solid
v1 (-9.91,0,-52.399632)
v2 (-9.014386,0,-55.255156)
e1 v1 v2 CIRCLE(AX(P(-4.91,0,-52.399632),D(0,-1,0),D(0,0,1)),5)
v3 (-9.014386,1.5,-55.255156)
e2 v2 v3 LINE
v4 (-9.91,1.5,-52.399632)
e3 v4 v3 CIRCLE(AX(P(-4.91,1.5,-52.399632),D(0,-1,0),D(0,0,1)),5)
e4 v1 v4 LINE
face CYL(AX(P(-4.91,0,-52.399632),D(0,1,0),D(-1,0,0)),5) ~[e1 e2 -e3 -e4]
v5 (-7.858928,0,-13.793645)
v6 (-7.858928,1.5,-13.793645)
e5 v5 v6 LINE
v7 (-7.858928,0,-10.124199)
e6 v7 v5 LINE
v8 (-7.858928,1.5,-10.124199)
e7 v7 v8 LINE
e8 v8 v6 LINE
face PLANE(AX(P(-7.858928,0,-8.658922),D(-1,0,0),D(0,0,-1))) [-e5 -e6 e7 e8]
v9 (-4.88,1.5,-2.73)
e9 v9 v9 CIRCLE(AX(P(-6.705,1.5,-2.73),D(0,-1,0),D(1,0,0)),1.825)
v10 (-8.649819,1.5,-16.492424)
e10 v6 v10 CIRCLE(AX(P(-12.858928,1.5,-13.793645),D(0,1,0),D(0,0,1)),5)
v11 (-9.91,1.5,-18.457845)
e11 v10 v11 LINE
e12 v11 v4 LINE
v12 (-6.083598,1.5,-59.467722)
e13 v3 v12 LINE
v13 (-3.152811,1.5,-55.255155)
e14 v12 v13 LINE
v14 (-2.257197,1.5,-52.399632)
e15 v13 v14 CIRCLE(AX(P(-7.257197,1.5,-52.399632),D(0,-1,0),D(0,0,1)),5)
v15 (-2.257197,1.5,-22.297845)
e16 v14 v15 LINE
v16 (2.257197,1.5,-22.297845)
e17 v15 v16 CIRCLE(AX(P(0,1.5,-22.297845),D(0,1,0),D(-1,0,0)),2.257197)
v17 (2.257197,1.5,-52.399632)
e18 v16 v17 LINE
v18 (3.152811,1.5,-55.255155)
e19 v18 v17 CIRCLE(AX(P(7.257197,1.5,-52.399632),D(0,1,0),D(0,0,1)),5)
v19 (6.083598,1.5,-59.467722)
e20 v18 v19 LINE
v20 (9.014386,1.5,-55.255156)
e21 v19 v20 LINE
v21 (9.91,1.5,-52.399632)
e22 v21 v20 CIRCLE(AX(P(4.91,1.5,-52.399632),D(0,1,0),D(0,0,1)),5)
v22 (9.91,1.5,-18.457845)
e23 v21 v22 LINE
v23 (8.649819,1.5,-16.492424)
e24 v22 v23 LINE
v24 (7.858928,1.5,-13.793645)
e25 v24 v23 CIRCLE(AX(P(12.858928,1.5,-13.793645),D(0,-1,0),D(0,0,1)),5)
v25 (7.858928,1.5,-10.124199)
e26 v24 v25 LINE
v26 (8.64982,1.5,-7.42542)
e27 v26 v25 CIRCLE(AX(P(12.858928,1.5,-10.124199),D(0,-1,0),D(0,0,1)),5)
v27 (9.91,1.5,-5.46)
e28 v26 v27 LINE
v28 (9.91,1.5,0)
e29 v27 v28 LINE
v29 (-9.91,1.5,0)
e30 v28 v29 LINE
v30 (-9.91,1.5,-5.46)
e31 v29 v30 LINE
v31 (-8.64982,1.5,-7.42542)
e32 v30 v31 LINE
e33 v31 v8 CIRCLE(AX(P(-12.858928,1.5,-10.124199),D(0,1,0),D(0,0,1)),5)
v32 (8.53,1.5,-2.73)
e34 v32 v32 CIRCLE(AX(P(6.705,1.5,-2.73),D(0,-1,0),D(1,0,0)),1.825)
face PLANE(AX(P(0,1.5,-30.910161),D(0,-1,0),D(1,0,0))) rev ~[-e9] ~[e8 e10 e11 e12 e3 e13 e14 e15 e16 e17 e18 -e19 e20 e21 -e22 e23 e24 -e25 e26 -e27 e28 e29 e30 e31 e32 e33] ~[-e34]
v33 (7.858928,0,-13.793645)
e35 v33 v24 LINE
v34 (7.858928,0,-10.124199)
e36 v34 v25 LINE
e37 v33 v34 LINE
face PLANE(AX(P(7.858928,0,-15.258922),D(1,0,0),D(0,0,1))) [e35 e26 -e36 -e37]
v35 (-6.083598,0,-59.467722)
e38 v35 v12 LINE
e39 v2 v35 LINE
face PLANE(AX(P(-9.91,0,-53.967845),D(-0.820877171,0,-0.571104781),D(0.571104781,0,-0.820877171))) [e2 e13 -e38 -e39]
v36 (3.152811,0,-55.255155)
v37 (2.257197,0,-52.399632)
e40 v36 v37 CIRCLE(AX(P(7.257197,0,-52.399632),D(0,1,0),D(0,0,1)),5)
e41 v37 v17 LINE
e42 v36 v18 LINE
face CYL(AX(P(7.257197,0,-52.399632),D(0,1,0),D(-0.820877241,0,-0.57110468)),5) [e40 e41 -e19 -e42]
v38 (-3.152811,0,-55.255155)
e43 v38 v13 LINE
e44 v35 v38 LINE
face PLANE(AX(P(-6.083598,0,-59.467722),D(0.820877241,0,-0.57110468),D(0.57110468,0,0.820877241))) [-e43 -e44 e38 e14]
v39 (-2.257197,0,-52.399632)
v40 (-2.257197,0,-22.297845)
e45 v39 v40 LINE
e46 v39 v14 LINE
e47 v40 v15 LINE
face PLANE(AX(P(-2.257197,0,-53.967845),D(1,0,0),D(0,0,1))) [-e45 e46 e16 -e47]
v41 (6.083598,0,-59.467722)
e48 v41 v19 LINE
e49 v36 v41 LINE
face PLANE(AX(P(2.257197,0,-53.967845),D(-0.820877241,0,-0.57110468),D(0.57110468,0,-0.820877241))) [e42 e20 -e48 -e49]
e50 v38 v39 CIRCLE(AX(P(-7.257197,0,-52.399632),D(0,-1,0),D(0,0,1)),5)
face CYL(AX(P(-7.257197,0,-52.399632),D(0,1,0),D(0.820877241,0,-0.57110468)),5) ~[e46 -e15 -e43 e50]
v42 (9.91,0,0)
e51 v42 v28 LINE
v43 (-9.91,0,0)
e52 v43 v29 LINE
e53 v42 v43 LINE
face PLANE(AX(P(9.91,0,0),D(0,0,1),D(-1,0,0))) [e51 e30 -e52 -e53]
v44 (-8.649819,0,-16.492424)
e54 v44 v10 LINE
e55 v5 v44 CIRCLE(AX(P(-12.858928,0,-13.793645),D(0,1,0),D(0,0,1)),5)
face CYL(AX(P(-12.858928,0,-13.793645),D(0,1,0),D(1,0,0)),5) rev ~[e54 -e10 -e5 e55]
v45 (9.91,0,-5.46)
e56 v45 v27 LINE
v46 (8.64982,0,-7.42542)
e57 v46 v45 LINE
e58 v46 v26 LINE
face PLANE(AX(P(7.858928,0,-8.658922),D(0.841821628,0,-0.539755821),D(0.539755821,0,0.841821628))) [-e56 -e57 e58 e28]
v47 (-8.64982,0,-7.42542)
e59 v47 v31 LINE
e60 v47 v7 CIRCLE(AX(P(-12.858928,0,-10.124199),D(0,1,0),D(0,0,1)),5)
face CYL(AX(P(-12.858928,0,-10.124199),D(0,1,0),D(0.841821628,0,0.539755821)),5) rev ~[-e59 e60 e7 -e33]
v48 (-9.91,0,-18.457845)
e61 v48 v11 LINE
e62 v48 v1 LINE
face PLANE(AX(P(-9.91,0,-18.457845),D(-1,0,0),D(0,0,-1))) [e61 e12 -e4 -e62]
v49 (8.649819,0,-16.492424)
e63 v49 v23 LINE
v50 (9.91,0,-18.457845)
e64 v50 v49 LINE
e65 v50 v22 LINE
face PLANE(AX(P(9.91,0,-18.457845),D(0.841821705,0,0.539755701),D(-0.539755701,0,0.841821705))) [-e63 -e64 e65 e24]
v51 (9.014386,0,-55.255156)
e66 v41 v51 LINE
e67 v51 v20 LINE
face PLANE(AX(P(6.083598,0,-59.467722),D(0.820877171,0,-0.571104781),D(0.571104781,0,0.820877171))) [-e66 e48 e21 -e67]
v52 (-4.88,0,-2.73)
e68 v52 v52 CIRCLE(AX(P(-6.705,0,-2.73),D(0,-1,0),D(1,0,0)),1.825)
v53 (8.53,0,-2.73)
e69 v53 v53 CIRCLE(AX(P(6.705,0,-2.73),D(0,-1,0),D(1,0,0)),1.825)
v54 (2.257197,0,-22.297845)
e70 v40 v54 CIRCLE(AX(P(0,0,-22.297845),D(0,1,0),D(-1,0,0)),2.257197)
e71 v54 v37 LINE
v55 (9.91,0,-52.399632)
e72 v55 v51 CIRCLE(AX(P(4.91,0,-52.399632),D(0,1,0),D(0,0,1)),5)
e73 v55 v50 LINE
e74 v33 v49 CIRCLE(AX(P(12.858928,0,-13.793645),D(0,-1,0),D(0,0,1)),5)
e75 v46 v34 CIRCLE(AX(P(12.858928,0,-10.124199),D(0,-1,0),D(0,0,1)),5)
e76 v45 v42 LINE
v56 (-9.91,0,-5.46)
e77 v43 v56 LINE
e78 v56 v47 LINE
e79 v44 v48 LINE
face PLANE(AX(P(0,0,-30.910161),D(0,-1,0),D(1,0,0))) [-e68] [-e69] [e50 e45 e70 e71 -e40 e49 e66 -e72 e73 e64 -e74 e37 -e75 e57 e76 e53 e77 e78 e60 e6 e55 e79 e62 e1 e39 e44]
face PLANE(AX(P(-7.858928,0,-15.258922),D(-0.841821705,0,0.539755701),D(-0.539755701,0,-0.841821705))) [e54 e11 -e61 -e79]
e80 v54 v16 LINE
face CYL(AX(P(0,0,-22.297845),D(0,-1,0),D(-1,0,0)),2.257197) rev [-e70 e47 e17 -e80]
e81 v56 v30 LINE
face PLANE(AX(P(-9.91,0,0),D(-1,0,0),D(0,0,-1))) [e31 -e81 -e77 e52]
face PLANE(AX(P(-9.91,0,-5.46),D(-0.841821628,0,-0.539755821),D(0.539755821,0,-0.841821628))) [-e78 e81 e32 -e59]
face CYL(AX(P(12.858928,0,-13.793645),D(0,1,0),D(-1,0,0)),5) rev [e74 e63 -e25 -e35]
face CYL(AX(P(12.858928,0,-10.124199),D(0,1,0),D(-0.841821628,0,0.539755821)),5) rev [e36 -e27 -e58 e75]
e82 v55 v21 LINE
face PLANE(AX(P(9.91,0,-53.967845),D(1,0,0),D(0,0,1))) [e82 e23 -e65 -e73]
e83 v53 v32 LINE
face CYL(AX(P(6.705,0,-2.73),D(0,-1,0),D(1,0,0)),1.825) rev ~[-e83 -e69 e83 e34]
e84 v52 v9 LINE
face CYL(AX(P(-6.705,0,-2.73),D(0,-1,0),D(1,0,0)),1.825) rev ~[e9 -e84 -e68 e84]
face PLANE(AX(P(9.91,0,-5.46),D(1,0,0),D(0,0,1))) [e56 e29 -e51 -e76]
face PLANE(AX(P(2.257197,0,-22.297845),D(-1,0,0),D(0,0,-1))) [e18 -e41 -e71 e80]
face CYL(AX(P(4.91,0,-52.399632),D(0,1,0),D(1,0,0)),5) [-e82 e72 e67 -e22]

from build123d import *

# Parameters (mm, degrees)
F0_R     = 1.825
F1_DEPTH = 1.5
F2_R     = 5


with BuildPart() as f1:
    # F0 (on Front) → F1 (new body)
    with BuildSketch(Plane.XZ):
        with BuildLine():
            Line((9.91, 0), (0, 0))
            Line((0, 0), (-9.91, 0))
            Line((-9.91, 0), (-9.91, -5.46))
            Line((-9.91, -5.46), (-7.858928, -8.658922))
            Line((-7.858928, -8.658922), (-7.858928, -15.258922))
            Line((-7.858928, -15.258922), (-9.91, -18.457845))
            Line((-9.91, -18.457845), (-9.91, -53.967845))
            Line((-9.91, -53.967845), (-6.083598, -59.467722))
            Line((-6.083598, -59.467722), (-2.257197, -53.967845))
            Line((-2.257197, -53.967845), (-2.257197, -22.297845))
            ThreePointArc((-2.257197, -22.297845), (0, -20.040648), (2.257197, -22.297845))
            Line((2.257197, -22.297845), (2.257197, -53.967845))
            Line((2.257197, -53.967845), (6.083598, -59.467722))
            Line((6.083598, -59.467722), (9.91, -53.967845))
            Line((9.91, -53.967845), (9.91, -18.457845))
            Line((9.91, -18.457845), (7.858928, -15.258922))
            Line((7.858928, -15.258922), (7.858928, -8.658922))
            Line((7.858928, -8.658922), (9.91, -5.46))
            Line((9.91, -5.46), (9.91, 0))
        make_face()
        with Locations((-6.705, -2.73)):
            Circle(F0_R, mode=Mode.SUBTRACT)
        with Locations((6.705, -2.73)):
            Circle(F0_R, mode=Mode.SUBTRACT)
    extrude(amount=-F1_DEPTH)

    # F2
    f2_edges = [f1.edges().sort_by_distance(p)[0] for p in [
        (7.858928, 0.75, -15.258922),
        (-7.858928, 0.75, -15.258922),
        (-7.858928, 0.75, -8.658922),
        (7.858928, 0.75, -8.658922),
        (9.91, 0.75, -53.967845),
        (2.257197, 0.75, -53.967845),
        (-9.91, 0.75, -53.967845),
        (-2.257197, 0.75, -53.967845),
    ]]
    fillet(f2_edges, radius=F2_R)


solid = f1.part
